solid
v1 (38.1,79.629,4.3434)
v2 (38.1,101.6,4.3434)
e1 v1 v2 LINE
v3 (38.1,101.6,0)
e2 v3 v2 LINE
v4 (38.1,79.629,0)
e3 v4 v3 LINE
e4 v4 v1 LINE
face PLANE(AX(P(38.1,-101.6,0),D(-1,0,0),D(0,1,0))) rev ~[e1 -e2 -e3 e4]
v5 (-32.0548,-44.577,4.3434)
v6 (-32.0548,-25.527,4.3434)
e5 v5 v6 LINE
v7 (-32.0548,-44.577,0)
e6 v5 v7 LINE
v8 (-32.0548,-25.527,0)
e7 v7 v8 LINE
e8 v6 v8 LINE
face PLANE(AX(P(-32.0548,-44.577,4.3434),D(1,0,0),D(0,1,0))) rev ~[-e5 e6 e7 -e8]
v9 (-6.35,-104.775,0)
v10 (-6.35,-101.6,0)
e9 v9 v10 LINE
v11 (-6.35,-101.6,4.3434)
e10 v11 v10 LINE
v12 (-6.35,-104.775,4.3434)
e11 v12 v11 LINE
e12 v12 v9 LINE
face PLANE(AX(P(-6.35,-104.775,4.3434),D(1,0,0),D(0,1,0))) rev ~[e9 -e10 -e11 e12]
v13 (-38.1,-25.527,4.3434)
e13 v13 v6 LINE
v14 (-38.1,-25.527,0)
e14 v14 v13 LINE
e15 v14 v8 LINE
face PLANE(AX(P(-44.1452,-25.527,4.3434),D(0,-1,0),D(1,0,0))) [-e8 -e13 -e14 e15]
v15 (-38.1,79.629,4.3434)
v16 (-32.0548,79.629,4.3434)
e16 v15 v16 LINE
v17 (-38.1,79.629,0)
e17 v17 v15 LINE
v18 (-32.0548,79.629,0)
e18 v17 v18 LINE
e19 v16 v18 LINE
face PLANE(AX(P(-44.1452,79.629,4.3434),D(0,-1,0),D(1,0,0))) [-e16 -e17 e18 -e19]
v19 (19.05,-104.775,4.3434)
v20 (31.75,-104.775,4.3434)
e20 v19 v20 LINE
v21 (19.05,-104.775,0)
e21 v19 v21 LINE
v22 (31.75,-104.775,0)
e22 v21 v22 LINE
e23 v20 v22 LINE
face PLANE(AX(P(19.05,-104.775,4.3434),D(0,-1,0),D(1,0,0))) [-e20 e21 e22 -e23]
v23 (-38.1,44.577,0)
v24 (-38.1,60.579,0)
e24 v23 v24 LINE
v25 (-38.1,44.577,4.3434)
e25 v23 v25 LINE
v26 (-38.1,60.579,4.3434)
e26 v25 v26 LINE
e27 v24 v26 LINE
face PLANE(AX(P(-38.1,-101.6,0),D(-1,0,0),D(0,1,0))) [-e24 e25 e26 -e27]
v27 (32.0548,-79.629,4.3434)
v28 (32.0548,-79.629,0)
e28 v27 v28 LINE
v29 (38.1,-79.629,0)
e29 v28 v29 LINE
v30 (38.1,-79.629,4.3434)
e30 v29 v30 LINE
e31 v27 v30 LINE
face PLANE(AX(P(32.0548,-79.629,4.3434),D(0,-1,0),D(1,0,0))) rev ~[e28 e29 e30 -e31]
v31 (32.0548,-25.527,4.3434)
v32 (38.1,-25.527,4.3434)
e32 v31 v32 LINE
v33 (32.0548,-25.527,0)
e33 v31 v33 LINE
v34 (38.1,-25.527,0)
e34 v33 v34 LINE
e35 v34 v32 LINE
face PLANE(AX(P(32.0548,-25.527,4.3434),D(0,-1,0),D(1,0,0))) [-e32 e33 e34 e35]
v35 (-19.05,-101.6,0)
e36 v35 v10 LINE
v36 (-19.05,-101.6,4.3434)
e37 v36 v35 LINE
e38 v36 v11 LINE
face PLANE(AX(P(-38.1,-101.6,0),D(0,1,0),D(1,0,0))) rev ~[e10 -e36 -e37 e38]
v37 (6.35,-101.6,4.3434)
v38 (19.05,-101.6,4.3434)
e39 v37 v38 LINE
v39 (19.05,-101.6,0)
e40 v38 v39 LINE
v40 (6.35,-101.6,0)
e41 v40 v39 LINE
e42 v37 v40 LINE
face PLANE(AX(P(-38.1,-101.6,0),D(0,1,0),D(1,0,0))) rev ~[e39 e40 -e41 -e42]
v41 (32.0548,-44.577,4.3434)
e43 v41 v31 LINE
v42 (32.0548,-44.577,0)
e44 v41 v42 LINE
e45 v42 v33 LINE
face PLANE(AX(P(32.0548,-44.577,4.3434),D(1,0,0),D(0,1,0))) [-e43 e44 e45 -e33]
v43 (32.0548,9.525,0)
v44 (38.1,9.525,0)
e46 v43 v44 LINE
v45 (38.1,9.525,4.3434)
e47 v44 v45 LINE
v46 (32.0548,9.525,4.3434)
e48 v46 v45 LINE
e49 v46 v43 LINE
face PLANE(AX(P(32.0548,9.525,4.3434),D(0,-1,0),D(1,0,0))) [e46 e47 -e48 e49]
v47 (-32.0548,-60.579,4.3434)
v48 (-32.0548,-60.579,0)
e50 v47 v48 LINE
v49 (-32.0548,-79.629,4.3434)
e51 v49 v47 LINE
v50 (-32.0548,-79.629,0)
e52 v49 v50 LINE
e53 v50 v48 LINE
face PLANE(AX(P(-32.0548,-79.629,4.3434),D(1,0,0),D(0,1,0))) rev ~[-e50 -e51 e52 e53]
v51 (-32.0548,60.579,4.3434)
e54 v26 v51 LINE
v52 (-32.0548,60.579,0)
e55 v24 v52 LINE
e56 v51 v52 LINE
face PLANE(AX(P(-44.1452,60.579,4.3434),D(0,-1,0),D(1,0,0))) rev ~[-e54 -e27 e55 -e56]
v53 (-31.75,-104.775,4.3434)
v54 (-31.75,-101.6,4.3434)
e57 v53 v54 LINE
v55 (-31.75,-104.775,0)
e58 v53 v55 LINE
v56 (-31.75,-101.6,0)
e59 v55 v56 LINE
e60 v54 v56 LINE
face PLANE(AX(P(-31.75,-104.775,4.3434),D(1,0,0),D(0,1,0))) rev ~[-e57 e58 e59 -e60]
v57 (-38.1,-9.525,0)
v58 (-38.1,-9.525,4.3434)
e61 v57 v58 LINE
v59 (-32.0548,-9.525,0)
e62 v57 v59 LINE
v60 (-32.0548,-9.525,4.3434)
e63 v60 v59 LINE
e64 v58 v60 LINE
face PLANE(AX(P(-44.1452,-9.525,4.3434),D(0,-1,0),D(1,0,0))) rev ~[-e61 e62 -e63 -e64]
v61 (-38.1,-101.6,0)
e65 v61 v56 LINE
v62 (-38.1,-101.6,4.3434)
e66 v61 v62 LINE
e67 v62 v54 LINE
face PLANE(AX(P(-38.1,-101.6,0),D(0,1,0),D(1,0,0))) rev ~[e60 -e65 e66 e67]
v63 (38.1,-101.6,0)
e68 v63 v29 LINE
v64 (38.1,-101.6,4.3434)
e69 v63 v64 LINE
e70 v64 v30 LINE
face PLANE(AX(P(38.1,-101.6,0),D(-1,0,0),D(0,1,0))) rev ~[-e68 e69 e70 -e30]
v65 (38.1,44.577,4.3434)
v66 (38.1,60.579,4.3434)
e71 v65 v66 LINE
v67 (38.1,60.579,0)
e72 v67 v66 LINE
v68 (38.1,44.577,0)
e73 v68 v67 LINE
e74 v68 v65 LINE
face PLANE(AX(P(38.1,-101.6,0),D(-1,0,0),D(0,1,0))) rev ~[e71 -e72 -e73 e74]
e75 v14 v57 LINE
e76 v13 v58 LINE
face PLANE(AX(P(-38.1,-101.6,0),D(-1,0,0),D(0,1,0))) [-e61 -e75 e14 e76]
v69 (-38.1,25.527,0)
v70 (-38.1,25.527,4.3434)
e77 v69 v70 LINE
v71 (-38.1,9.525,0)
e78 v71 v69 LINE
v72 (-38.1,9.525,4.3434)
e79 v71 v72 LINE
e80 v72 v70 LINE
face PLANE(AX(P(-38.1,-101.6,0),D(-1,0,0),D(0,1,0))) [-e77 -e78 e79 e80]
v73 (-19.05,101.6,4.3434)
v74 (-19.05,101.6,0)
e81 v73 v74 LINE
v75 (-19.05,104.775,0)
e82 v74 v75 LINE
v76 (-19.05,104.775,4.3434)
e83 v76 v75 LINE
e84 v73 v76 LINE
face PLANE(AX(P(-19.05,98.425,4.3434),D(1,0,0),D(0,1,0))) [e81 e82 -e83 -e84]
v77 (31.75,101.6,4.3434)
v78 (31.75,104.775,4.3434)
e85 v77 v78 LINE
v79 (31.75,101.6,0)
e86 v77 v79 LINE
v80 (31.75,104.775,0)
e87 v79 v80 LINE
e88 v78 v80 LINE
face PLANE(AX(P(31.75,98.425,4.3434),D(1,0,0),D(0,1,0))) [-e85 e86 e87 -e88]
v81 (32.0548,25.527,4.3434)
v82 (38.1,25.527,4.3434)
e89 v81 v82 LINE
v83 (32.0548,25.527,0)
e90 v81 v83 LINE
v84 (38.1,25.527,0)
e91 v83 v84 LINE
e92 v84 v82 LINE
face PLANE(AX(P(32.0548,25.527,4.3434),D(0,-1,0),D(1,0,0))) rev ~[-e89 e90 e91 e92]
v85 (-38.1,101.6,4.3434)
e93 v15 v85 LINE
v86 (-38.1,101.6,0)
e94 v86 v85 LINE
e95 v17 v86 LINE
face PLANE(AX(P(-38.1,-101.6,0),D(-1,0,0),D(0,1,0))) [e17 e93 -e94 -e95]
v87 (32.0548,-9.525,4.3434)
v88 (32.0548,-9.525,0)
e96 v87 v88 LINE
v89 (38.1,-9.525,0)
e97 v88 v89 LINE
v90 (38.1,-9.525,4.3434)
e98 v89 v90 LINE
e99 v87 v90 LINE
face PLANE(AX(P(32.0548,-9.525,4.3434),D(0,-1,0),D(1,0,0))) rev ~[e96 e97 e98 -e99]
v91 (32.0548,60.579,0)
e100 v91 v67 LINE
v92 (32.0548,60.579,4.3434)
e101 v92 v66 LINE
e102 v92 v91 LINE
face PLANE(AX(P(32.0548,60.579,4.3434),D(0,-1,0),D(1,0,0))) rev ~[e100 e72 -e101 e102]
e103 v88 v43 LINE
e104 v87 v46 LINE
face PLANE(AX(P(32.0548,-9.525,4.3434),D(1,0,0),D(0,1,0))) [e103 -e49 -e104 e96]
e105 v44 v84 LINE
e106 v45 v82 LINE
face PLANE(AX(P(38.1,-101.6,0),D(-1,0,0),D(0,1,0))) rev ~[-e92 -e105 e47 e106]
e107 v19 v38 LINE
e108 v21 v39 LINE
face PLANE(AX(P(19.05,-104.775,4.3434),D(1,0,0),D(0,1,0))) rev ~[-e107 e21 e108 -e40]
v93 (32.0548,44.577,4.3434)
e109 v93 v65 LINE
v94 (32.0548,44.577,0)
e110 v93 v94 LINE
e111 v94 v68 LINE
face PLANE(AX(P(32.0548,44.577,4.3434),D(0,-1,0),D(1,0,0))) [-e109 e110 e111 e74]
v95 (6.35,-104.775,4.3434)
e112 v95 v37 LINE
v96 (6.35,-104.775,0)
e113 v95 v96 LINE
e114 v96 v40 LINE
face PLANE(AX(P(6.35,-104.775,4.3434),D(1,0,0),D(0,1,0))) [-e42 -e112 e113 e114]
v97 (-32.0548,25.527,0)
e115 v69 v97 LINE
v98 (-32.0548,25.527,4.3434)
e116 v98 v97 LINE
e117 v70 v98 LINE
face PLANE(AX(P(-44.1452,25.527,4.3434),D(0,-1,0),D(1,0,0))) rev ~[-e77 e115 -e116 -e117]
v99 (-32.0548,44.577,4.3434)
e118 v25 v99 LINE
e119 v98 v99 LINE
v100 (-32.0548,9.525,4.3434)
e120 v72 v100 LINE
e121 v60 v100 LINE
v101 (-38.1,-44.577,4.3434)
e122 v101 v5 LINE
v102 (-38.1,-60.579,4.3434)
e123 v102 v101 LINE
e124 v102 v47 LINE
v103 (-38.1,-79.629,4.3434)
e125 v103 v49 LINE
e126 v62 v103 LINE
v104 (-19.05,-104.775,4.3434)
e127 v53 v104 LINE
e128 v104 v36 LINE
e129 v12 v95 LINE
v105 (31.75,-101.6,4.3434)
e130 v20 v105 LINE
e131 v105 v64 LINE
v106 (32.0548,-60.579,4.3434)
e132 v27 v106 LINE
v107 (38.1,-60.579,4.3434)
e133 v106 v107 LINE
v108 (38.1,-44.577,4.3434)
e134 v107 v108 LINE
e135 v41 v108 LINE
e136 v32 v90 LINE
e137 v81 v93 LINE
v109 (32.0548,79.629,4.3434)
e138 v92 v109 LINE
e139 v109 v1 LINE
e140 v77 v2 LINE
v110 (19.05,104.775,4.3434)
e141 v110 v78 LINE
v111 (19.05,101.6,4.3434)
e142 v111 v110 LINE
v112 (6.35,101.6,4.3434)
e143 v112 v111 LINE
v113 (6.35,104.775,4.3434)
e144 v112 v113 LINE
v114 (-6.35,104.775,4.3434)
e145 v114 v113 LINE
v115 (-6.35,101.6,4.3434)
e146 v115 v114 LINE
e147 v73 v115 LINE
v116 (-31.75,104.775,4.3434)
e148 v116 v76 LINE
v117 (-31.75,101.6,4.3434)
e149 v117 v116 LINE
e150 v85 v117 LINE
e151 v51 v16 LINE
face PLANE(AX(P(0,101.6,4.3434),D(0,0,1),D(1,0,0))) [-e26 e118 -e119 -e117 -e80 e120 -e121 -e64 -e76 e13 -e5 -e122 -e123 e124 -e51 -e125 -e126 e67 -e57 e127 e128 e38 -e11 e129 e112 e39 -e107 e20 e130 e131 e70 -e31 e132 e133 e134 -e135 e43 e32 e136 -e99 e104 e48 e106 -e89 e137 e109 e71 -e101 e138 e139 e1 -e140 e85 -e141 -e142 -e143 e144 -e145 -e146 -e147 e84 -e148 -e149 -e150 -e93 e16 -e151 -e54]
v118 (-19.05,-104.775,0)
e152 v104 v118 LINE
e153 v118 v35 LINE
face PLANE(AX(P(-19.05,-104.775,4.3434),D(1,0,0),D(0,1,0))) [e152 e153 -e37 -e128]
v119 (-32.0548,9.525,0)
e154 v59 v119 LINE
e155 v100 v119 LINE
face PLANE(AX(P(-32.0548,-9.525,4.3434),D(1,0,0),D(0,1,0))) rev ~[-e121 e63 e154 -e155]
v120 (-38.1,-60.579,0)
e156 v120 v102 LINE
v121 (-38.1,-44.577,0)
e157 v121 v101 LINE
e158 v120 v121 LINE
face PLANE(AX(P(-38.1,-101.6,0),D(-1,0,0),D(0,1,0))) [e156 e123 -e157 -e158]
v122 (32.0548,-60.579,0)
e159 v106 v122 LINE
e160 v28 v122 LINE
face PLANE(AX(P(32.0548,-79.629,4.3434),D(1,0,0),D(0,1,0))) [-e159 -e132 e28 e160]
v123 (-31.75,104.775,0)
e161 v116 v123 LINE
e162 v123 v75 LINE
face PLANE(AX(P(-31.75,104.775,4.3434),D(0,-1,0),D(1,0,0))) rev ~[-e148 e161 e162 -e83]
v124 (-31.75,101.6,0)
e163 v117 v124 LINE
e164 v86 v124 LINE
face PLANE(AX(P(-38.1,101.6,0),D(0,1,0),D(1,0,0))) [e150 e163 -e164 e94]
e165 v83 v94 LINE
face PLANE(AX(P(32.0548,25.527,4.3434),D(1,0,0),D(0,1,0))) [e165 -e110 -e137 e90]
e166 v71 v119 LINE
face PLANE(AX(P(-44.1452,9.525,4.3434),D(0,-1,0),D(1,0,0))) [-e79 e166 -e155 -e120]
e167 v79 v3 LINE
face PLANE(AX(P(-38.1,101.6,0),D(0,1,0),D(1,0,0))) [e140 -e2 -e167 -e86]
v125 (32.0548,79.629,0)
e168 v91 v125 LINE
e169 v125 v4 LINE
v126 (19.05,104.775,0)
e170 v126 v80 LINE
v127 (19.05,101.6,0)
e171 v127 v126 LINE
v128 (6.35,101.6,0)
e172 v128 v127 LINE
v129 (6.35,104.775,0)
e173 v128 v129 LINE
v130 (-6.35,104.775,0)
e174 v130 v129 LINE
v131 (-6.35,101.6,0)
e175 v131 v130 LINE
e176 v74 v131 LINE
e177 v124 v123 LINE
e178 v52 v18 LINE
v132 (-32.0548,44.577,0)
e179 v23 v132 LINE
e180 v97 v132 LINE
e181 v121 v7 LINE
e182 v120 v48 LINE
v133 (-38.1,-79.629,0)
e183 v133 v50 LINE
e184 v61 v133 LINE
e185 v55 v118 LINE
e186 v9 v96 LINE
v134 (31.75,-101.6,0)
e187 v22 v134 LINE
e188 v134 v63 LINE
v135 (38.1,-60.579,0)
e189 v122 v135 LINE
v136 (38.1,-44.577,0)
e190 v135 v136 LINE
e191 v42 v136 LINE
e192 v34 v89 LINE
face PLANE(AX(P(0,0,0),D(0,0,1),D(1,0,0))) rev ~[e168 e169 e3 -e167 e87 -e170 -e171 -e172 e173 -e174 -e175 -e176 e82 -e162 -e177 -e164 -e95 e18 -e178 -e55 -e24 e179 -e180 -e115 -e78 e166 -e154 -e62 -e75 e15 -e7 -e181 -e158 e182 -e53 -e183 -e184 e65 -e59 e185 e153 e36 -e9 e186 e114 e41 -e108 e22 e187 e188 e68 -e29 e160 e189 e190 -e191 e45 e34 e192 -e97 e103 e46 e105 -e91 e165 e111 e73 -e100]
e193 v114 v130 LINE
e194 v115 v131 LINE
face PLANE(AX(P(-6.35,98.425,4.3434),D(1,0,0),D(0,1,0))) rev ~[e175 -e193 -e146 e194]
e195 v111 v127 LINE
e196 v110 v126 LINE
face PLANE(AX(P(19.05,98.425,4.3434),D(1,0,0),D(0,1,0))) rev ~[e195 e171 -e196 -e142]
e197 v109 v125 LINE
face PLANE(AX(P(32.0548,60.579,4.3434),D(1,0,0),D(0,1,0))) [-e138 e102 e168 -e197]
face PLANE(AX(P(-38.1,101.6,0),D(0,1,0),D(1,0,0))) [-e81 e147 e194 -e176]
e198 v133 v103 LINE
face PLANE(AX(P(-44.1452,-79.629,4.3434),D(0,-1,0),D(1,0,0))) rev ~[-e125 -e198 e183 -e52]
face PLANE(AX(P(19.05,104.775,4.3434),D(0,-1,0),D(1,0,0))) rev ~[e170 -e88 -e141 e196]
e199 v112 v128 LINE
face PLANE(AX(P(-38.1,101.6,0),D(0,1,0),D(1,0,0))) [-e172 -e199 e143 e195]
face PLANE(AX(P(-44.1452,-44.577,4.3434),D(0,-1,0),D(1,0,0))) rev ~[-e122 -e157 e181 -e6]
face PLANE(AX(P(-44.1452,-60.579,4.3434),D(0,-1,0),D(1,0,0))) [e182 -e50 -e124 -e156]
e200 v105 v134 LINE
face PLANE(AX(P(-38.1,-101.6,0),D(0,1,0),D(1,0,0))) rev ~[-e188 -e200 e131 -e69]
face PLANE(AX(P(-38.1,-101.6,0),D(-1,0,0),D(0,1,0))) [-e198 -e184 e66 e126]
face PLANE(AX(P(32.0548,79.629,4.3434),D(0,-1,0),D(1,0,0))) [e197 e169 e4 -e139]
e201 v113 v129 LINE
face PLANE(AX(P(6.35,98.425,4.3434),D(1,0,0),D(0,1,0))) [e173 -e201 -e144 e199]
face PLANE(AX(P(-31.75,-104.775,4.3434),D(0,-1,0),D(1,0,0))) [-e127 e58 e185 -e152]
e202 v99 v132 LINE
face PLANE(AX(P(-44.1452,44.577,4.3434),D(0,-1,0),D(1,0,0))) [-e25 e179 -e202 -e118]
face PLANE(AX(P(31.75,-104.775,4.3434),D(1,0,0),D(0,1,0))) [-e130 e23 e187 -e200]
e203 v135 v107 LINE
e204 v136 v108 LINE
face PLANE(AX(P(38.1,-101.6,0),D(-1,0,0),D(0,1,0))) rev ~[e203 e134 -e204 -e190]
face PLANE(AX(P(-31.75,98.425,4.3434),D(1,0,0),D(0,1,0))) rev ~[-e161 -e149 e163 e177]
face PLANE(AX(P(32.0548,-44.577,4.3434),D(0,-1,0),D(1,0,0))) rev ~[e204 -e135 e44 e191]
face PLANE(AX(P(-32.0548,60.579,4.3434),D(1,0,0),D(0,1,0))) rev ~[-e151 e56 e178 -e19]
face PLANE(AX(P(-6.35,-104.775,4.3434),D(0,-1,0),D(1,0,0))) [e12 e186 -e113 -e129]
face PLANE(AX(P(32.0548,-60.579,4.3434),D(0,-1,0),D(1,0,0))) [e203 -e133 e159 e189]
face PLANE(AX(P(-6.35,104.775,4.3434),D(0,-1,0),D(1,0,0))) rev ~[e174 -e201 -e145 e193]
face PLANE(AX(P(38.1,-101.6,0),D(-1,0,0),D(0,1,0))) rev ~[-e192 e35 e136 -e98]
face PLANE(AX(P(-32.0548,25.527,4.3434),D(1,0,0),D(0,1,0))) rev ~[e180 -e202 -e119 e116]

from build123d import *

# Parameters (mm, degrees)
SKETCH1_W           = 76.2
SKETCH1_H           = 203.2
BOSS_EXTRUDE1_DEPTH = 4.3434
SKETCH2_W           = 12.7
SKETCH2_H           = 6.35
BOSS_EXTRUDE2_DEPTH = 4.3434
SKETCH3_W           = 12.0904
SKETCH3_H           = 19.05
CUT_EXTRUDE1_DEPTH  = 112.571841199


with BuildPart() as part:
    # Sketch1 → Boss-Extrude1 (new body)
    with BuildSketch(Plane.XY):
        Rectangle(SKETCH1_W, SKETCH1_H)
    extrude(amount=BOSS_EXTRUDE1_DEPTH)

    # Sketch2 → Boss-Extrude2 (add)
    with BuildSketch(Plane.XY.offset(4.3434)):
        with Locations((0, 101.6)):
            Rectangle(SKETCH2_W, SKETCH2_H)
        with Locations((-25.4, 101.6)):
            Rectangle(SKETCH2_W, SKETCH2_H)
        with Locations((25.4, 101.6)):
            Rectangle(SKETCH2_W, SKETCH2_H)
        with Locations((25.4, -101.6)):
            Rectangle(SKETCH2_W, SKETCH2_H)
        with Locations((-25.4, -101.6)):
            Rectangle(SKETCH2_W, SKETCH2_H)
        with Locations((0, -101.6)):
            Rectangle(SKETCH2_W, SKETCH2_H)
    extrude(amount=-BOSS_EXTRUDE2_DEPTH)

    # Sketch3 → Cut-Extrude1 (cut, through all)
    with BuildSketch(Plane.XY.offset(4.3434)):
        with Locations((38.1, 0)):
            Rectangle(SKETCH3_W, SKETCH3_H)
        with Locations((38.1, 35.052)):
            Rectangle(SKETCH3_W, SKETCH3_H)
        with Locations((38.1, 70.104)):
            Rectangle(SKETCH3_W, SKETCH3_H)
        with Locations((38.1, -70.104)):
            Rectangle(SKETCH3_W, SKETCH3_H)
        with Locations((38.1, -35.052)):
            Rectangle(SKETCH3_W, SKETCH3_H)
        with Locations((-38.1, -35.052)):
            Rectangle(SKETCH3_W, SKETCH3_H)
        with Locations((-38.1, -70.104)):
            Rectangle(SKETCH3_W, SKETCH3_H)
        with Locations((-38.1, 70.104)):
            Rectangle(SKETCH3_W, SKETCH3_H)
        with Locations((-38.1, 35.052)):
            Rectangle(SKETCH3_W, SKETCH3_H)
        with Locations((-38.1, 0)):
            Rectangle(SKETCH3_W, SKETCH3_H)
    extrude(amount=-CUT_EXTRUDE1_DEPTH, mode=Mode.SUBTRACT)


solid = part.part
